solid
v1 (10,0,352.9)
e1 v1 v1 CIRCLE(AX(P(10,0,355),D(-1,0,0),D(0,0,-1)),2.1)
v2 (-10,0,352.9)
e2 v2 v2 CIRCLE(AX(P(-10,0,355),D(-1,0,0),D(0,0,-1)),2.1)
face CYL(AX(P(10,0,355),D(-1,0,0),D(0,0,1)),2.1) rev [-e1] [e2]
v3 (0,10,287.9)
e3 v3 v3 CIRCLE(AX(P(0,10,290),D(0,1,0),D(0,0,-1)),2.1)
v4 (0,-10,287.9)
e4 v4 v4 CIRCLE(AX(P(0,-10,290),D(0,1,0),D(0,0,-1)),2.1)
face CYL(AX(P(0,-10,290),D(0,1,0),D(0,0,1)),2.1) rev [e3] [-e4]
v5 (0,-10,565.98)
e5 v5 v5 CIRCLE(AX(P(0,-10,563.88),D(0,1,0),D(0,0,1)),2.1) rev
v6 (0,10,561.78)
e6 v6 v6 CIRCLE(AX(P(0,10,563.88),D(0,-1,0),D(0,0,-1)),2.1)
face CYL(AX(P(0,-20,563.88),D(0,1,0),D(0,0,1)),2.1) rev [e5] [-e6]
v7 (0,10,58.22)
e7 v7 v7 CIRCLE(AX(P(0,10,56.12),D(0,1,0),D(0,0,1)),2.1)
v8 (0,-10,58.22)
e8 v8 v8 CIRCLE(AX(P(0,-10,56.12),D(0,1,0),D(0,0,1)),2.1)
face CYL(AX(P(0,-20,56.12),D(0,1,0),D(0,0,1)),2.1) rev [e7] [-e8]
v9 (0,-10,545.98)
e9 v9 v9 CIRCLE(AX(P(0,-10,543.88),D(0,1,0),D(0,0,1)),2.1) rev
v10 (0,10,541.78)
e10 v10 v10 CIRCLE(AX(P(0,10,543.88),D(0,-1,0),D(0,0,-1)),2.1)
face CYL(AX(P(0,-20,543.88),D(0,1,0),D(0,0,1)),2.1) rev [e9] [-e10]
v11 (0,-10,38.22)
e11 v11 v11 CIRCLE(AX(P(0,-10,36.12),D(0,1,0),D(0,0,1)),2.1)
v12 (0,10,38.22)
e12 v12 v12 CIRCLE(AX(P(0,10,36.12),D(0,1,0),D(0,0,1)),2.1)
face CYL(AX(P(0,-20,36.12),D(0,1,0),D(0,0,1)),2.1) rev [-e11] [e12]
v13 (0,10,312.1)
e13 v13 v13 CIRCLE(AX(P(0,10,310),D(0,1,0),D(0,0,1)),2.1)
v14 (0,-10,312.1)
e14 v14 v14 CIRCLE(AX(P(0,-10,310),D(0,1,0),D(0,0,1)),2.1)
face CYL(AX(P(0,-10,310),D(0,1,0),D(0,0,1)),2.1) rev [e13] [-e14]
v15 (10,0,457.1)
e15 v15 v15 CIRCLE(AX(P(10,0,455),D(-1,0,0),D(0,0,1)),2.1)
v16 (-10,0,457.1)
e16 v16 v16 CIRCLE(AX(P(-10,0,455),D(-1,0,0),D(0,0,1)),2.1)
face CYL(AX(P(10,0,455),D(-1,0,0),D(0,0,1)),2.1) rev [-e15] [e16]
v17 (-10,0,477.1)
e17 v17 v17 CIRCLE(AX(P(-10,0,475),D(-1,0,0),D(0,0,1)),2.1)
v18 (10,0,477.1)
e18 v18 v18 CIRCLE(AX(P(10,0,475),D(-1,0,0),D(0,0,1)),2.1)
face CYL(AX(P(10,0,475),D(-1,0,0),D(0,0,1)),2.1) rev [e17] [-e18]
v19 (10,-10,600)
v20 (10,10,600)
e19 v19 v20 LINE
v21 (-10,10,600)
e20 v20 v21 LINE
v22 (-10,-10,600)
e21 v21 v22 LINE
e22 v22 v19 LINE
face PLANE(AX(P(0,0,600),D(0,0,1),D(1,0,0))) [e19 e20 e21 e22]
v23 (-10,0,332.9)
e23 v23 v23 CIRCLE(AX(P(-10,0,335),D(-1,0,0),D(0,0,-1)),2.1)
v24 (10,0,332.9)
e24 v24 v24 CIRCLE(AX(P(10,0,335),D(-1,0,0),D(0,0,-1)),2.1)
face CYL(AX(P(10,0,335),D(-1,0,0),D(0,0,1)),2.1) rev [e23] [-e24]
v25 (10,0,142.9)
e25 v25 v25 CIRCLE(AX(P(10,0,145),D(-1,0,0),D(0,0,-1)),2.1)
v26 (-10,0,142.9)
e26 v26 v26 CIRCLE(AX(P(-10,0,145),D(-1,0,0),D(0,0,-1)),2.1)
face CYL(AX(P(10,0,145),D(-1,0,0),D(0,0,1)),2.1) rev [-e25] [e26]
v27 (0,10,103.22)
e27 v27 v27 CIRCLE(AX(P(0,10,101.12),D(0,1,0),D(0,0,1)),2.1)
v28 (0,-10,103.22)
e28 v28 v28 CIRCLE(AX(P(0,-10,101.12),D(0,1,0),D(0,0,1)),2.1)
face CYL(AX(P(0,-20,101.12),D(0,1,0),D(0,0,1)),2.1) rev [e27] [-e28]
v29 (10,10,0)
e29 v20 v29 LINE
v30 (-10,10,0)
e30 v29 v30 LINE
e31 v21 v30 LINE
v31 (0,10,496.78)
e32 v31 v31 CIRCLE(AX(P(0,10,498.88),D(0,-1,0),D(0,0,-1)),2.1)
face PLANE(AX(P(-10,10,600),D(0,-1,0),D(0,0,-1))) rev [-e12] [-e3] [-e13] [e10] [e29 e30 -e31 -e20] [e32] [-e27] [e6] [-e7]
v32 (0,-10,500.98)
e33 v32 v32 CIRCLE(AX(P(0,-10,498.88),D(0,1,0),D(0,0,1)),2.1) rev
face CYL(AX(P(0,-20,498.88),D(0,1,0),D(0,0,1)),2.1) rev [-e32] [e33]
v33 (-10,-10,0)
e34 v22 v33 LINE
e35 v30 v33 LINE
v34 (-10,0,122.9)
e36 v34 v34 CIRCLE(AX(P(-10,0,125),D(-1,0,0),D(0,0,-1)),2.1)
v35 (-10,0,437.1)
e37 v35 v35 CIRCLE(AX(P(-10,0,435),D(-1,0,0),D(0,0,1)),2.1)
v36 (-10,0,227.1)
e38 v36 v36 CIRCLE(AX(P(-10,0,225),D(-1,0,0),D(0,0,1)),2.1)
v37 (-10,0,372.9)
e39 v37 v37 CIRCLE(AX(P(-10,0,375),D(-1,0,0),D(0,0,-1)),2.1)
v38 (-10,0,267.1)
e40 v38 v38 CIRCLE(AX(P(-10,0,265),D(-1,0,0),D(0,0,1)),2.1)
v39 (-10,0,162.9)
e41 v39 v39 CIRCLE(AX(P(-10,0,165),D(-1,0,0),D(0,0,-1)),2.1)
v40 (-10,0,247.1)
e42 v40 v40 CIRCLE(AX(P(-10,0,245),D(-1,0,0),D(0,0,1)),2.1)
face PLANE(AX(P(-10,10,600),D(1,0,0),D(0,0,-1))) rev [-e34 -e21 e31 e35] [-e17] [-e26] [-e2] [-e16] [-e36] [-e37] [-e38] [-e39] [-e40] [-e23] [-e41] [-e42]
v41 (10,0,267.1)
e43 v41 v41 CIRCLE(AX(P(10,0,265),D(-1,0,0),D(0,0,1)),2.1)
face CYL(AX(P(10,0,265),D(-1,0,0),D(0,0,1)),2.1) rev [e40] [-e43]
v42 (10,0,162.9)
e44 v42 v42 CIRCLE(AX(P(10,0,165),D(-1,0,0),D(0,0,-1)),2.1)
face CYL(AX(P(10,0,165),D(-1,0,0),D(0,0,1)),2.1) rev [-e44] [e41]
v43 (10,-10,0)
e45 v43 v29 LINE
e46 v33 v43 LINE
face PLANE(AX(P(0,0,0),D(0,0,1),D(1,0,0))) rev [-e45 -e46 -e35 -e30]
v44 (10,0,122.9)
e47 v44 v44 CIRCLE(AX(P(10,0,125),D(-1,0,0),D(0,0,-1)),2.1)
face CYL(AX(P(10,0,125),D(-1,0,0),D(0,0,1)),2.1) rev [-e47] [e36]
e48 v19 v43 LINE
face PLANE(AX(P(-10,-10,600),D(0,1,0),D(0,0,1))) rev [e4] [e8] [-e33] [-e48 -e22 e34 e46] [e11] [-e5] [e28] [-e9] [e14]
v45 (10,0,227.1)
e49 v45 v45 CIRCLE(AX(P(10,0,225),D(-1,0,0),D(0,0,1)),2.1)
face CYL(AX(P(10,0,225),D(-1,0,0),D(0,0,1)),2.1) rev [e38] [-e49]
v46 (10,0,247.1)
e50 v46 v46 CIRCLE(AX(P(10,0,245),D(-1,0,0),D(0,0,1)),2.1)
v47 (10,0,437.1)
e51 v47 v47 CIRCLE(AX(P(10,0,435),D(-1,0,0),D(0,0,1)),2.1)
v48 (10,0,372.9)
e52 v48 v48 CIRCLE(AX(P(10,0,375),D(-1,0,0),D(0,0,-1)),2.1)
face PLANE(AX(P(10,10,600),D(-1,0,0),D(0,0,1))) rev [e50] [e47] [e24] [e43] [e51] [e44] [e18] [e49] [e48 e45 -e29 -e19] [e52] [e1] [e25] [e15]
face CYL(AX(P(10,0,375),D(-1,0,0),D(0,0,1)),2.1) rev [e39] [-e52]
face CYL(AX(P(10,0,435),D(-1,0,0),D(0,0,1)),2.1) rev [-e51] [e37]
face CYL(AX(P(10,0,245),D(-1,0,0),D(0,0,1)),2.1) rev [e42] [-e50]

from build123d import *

# Parameters (mm, degrees)
SKETCH_1_W          = 20
SKETCH_1_H          = 20
EXTRUDE_1_DEPTH     = 600
SKETCH_2_R          = 2.1
CUT_EXTRUDE_1_DEPTH = 30
SKETCH_3_R          = 2.1
CUT_EXTRUDE_2_DEPTH = 601.416522091
SKETCH_4_R          = 2.1
CUT_EXTRUDE_3_DEPTH = 601.416522091


with BuildPart() as part:
    # 草图1 → 凸台-拉伸1 (new body)
    with BuildSketch(Plane.XY):
        Rectangle(SKETCH_1_W, SKETCH_1_H)
    extrude(amount=EXTRUDE_1_DEPTH)

    # 草图2 → 切除-拉伸1 (cut)
    with BuildSketch(Plane(origin=(0, 10, 0), x_dir=(1, 0, 0), z_dir=(0, 1, 0))):
        with Locations(Location((0, -36.12, 0), (0, 0, 270))):
            Circle(SKETCH_2_R)
        with Locations(Location((0, -56.12, 0), (0, 0, 270))):
            Circle(SKETCH_2_R)
        with Locations(Location((0, -101.12, 0), (0, 0, 270))):
            Circle(SKETCH_2_R)
    cut_extrude_1 = extrude(amount=-CUT_EXTRUDE_1_DEPTH, mode=Mode.SUBTRACT)

    # 镜向1: 切除-拉伸1 across plane
    add(cut_extrude_1.mirror(Plane(origin=(0, 0, 300), x_dir=(1, 0, 0), z_dir=(0, 0, -1))), mode=Mode.SUBTRACT)

    # 草图3 → 切除-拉伸2 (cut, through all)
    with BuildSketch(Plane.ZY.offset(10)):
        with Locations((225, 0)):
            Circle(SKETCH_3_R)
        with Locations((245, 0)):
            Circle(SKETCH_3_R)
        with Locations((265, 0)):
            Circle(SKETCH_3_R)
        with Locations(Location((375, 0, 0), (0, 0, 180))):
            Circle(SKETCH_3_R)
        with Locations(Location((355, 0, 0), (0, 0, 180))):
            Circle(SKETCH_3_R)
        with Locations(Location((335, 0, 0), (0, 0, 180))):
            Circle(SKETCH_3_R)
        with Locations((435, 0)):
            Circle(SKETCH_3_R)
        with Locations((455, 0)):
            Circle(SKETCH_3_R)
        with Locations((475, 0)):
            Circle(SKETCH_3_R)
        with Locations(Location((125, 0, 0), (0, 0, 180))):
            Circle(SKETCH_3_R)
        with Locations(Location((145, 0, 0), (0, 0, 180))):
            Circle(SKETCH_3_R)
        with Locations(Location((165, 0, 0), (0, 0, 180))):
            Circle(SKETCH_3_R)
    extrude(amount=-CUT_EXTRUDE_2_DEPTH, mode=Mode.SUBTRACT)

    # 草图4 → 切除-拉伸3 (cut, through all)
    with BuildSketch(Plane(origin=(0, 10, 0), x_dir=(1, 0, 0), z_dir=(0, 1, 0))):
        with Locations(Location((0, -310, 0), (0, 0, 270))):
            Circle(SKETCH_4_R)
        with Locations(Location((0, -290, 0), (0, 0, 90))):
            Circle(SKETCH_4_R)
    extrude(amount=-CUT_EXTRUDE_3_DEPTH, mode=Mode.SUBTRACT)


solid = part.part
